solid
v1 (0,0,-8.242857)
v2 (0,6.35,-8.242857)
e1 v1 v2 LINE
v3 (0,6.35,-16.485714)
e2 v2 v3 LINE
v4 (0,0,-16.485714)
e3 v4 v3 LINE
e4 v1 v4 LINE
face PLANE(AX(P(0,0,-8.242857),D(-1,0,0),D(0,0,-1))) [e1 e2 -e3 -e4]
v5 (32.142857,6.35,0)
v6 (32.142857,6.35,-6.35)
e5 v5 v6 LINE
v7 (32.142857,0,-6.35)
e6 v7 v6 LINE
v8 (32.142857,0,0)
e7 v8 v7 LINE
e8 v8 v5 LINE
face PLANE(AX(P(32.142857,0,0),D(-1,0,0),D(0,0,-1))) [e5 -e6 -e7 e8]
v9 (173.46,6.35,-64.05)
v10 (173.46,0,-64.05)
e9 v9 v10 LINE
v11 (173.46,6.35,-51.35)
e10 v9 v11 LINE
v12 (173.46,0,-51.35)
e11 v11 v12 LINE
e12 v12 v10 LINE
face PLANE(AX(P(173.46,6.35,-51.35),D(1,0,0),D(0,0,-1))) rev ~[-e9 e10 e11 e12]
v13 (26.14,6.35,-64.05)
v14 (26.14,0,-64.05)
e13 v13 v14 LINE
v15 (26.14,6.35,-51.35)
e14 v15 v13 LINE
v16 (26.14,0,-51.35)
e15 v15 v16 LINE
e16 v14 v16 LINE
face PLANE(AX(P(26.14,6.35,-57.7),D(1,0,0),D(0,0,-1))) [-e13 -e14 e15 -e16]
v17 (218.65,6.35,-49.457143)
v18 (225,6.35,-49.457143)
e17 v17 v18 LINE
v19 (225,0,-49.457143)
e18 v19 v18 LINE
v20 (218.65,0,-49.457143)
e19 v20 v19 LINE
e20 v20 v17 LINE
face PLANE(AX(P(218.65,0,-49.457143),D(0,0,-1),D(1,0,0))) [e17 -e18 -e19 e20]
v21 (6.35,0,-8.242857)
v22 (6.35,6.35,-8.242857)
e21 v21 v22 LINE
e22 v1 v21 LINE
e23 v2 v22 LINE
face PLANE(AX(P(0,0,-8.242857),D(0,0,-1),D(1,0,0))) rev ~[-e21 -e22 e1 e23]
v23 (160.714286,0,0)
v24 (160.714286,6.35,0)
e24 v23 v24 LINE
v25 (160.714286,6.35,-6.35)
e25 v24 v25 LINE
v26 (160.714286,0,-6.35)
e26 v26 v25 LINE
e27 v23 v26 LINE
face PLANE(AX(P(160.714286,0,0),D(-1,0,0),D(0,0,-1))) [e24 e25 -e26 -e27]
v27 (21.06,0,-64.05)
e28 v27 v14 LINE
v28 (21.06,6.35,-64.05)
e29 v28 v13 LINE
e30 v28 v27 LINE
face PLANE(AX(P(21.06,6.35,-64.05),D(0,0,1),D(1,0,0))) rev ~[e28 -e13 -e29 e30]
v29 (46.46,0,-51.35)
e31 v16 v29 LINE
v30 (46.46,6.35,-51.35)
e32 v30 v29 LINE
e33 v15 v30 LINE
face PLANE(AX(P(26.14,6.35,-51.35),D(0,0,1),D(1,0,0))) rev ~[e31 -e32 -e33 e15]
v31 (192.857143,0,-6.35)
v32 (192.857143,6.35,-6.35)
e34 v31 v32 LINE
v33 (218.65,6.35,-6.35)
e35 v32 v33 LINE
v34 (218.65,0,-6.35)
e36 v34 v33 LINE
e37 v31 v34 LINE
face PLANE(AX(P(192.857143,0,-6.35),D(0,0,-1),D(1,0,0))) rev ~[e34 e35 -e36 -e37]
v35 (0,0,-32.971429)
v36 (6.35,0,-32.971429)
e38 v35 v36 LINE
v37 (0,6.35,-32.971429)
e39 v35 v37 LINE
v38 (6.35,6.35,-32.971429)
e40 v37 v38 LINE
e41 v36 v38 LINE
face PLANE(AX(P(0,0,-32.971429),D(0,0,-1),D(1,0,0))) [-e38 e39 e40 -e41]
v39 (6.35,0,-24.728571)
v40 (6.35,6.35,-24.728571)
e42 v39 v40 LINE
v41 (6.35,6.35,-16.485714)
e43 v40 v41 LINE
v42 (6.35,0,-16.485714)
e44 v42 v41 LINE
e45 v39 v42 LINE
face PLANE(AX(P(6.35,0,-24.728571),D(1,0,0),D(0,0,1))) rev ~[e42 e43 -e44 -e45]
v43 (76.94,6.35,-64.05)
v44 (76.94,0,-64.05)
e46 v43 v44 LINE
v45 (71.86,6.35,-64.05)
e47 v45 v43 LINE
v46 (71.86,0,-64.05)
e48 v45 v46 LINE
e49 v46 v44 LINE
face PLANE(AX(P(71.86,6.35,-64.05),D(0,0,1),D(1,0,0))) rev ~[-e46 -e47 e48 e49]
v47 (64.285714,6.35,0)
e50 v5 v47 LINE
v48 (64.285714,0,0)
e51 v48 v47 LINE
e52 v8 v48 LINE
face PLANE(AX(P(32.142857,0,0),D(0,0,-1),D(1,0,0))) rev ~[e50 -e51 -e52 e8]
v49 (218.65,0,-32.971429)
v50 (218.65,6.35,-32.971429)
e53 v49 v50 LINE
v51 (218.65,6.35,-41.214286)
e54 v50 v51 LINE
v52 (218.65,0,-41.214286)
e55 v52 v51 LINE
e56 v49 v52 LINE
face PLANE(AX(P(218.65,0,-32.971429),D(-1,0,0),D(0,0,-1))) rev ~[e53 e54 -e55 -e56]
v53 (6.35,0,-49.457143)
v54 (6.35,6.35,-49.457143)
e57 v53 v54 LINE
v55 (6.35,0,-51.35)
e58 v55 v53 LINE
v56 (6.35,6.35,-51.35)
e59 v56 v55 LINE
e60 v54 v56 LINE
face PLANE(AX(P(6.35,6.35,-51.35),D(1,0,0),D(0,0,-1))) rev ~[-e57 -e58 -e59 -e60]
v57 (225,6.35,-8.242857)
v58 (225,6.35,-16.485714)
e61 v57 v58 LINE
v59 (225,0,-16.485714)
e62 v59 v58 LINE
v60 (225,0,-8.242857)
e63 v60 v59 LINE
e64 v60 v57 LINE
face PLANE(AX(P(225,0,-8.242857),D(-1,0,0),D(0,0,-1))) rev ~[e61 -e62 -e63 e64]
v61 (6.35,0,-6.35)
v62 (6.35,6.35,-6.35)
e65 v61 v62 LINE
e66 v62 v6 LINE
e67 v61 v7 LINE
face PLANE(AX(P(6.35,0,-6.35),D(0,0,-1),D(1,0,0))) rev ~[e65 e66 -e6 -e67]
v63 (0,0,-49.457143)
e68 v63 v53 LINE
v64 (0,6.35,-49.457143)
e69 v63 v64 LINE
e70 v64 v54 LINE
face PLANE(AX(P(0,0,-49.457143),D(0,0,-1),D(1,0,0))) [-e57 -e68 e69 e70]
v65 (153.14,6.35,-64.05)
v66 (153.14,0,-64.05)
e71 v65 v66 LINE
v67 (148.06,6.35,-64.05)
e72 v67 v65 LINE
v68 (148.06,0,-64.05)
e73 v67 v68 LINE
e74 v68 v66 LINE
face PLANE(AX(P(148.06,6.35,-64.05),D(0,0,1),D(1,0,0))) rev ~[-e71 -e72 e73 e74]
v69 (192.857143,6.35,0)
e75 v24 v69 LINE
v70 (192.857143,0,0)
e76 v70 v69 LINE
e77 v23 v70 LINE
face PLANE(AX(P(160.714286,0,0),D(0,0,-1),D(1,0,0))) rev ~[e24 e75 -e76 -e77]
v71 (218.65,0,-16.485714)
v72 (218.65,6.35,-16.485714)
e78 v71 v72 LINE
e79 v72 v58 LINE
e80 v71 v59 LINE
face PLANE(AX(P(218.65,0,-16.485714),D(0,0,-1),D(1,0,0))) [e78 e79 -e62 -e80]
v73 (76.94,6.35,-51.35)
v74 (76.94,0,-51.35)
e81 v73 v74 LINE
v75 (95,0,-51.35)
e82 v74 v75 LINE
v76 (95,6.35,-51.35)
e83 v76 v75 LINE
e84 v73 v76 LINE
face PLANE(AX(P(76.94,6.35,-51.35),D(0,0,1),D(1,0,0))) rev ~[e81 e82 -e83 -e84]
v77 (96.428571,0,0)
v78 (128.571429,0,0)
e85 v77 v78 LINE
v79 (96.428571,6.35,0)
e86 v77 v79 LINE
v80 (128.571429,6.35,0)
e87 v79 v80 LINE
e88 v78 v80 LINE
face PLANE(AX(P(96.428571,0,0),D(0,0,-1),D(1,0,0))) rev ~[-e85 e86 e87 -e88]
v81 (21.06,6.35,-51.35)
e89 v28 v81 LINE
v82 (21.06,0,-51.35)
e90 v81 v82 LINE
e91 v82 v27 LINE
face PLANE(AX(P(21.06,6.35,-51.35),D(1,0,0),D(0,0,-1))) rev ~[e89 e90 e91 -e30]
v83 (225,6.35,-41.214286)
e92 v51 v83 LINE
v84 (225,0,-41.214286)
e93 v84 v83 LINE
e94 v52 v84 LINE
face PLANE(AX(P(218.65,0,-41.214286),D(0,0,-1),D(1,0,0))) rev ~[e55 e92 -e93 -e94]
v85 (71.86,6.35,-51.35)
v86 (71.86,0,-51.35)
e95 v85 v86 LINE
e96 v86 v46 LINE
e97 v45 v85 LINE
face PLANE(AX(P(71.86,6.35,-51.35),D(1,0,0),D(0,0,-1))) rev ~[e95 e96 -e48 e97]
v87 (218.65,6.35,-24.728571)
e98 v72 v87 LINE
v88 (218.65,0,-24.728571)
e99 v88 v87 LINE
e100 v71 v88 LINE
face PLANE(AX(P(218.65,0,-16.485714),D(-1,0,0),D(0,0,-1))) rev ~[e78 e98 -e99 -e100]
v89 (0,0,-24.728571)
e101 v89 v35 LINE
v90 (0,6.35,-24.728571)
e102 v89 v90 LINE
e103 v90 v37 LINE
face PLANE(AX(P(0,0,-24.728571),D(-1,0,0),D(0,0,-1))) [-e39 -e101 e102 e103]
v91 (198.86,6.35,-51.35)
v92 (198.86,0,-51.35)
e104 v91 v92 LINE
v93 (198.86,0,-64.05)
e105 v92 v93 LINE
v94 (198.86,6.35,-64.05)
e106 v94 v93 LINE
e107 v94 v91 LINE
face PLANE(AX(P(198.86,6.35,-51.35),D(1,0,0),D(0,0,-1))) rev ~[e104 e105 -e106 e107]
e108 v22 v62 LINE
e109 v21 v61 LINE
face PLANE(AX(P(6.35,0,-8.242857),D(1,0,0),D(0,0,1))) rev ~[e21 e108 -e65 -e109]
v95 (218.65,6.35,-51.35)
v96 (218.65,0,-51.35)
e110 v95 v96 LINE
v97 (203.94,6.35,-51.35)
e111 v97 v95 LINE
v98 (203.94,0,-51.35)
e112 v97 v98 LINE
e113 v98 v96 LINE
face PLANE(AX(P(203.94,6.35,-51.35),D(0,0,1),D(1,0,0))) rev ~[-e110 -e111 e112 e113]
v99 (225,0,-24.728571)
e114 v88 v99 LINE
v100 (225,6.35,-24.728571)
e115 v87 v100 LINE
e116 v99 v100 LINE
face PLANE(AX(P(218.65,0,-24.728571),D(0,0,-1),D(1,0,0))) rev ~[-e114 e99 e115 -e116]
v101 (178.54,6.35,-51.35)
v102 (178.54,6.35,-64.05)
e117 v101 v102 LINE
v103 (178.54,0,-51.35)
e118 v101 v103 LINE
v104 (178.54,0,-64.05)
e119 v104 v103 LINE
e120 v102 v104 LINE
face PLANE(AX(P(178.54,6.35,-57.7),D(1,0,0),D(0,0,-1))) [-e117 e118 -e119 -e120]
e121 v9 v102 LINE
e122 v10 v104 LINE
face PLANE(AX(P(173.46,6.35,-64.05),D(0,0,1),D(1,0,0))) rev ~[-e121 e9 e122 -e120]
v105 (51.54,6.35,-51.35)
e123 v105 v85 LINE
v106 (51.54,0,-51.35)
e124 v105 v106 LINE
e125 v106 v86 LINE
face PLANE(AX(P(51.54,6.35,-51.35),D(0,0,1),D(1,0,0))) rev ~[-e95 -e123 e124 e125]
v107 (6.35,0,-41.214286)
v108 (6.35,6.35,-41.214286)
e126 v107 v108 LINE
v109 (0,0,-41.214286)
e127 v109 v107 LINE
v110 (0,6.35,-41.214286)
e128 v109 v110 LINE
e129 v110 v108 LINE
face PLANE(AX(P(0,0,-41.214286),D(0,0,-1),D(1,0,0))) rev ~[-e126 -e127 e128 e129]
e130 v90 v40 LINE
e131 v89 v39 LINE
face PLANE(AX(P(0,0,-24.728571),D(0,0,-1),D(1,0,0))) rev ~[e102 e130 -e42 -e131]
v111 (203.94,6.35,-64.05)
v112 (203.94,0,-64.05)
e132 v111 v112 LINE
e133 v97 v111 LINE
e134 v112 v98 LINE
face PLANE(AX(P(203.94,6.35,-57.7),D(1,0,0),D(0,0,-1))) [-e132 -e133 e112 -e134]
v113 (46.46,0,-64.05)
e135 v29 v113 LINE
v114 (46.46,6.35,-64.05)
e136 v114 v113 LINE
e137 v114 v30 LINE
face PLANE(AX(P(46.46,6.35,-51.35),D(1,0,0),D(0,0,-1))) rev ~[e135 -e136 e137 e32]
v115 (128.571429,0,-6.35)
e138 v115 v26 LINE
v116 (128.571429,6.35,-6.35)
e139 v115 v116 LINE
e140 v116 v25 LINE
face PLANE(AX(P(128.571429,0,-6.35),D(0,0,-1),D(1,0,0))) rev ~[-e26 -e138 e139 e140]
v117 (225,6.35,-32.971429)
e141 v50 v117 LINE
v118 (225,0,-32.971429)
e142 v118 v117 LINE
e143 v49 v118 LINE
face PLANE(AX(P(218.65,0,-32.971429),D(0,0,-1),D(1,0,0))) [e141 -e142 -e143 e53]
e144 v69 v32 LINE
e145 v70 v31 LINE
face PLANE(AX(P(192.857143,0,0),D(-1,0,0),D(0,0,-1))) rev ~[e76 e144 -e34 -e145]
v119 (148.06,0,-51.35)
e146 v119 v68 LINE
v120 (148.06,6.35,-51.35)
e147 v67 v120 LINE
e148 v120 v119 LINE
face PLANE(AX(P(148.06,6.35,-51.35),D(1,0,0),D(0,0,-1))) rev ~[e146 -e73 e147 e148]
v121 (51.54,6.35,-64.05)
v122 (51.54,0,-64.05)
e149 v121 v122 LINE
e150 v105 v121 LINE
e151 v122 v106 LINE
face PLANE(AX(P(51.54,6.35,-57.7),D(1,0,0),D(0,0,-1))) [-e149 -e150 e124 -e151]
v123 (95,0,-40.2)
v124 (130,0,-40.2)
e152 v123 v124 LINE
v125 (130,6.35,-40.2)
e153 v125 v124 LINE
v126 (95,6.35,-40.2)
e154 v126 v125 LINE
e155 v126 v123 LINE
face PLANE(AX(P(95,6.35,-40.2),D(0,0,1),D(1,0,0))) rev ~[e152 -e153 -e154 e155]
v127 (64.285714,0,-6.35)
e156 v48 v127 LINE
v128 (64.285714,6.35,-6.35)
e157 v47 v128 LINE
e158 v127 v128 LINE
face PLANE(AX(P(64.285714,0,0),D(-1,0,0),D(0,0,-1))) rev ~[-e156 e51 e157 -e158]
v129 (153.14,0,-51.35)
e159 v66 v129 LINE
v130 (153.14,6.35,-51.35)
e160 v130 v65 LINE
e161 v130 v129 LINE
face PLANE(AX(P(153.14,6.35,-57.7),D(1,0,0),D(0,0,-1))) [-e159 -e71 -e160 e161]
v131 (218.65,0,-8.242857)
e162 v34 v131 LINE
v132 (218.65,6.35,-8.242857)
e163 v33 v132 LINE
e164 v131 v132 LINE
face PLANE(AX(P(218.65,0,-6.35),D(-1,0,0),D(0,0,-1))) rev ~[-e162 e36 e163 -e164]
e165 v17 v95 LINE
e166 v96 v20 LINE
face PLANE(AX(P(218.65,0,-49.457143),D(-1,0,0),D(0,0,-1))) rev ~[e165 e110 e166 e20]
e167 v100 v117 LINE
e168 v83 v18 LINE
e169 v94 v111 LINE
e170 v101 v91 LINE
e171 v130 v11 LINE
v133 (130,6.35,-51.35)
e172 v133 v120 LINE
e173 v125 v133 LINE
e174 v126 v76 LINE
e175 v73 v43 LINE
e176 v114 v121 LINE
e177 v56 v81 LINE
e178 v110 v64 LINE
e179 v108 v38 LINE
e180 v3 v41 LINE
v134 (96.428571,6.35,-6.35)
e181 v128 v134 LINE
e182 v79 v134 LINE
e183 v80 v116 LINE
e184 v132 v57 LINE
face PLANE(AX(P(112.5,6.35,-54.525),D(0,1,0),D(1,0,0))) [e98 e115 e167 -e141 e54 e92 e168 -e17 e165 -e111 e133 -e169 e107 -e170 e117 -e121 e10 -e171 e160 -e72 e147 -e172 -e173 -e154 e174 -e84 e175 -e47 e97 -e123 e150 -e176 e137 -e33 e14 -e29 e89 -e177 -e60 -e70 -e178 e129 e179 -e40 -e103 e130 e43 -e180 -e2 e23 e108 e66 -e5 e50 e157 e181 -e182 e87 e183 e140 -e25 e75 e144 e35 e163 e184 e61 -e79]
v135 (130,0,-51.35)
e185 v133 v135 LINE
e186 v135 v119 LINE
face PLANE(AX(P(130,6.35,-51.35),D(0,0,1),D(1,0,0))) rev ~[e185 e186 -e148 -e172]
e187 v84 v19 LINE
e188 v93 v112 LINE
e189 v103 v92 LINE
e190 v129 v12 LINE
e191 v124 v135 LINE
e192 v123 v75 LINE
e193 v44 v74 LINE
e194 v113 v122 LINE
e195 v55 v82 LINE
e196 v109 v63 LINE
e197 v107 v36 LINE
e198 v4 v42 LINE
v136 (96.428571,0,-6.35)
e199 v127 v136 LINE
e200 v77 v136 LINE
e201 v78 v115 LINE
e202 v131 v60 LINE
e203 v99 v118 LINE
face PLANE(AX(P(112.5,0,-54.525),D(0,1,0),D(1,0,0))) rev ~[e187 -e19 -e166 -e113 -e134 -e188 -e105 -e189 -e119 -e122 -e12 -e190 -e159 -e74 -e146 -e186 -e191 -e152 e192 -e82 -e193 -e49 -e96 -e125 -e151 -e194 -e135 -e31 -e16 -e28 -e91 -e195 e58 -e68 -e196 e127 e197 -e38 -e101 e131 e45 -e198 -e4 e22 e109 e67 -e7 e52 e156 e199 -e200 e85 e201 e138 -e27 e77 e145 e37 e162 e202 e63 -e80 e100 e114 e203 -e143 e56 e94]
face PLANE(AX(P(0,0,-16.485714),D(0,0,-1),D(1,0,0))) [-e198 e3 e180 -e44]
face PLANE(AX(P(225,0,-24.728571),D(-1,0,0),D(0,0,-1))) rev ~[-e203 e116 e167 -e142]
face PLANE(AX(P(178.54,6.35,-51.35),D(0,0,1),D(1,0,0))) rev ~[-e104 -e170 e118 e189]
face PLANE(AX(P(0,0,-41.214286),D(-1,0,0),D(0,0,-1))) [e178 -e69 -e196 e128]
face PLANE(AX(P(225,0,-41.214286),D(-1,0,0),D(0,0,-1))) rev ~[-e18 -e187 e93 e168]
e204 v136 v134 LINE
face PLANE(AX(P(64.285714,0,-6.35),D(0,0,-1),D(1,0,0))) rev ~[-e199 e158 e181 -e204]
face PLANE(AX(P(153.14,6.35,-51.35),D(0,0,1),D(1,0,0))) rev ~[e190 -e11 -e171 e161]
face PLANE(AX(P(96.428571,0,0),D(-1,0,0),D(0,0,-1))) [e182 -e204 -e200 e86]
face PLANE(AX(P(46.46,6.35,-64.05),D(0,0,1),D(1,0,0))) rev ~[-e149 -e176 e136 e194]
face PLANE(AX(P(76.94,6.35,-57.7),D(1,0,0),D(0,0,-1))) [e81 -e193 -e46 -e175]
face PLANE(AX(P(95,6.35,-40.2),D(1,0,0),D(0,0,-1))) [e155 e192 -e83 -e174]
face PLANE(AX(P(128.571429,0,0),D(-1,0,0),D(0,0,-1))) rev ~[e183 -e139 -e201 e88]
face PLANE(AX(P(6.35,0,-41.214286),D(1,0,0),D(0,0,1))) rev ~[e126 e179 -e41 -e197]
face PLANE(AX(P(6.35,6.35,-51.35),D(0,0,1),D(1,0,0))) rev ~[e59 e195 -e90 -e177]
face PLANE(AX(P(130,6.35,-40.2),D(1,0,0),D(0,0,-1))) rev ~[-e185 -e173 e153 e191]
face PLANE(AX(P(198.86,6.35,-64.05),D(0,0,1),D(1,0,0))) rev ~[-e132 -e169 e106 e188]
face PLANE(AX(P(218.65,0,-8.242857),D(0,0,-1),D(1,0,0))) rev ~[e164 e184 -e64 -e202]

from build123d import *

# Parameters (mm, degrees)
SKETCH1_W           = 32.142857142
SKETCH1_H           = 6.35
SKETCH1_W_2         = 32.142857143
SKETCH1_W_3         = 6.35
SKETCH1_H_2         = 8.242857143
SKETCH1_H_3         = 8.242857142
BOSS_EXTRUDE1_DEPTH = 6.35
SKETCH2_W           = 212.3
SKETCH2_H           = 6.35
SKETCH2_W_2         = 5.08
BOSS_EXTRUDE2_DEPTH = 6.35
SKETCH3_W           = 35
SKETCH3_H           = 23.85
CUT_EXTRUDE1_DEPTH  = 235.025052078
SKETCH4_W           = 14.71
SKETCH4_H           = 6.35
SKETCH4_W_2         = 20.32
CUT_EXTRUDE2_DEPTH  = 6.35
SKETCH5_W           = 20.32
SKETCH5_H           = 6.35
SKETCH5_W_2         = 18.06
CUT_EXTRUDE3_DEPTH  = 235.025052078


with BuildPart() as part:
    # Sketch1 → Boss-Extrude1 (new body)
    with BuildSketch(Plane(origin=(0, 0, 0), x_dir=(1, 0, 0), z_dir=(0, 1, 0))):
        Polygon((6.35, 6.35), (32.142857143, 6.35), (64.285714286, 6.35), (96.428571429, 6.35), (128.571428571, 6.35), (160.714285714, 6.35), (192.857142857, 6.35), (218.65, 6.35), (218.65, 8.242857143), (218.65, 16.485714286), (218.65, 24.728571429), (218.65, 32.971428571), (218.65, 41.214285714), (218.65, 49.457142857), (218.65, 51.35), (192.857142857, 51.35), (160.714285714, 51.35), (128.571428571, 51.35), (96.428571429, 51.35), (64.285714286, 51.35), (32.142857143, 51.35), (6.35, 51.35), (6.35, 49.457142857), (6.35, 41.214285714), (6.35, 32.971428571), (6.35, 24.728571429), (6.35, 16.485714286), (6.35, 8.242857143), align=None)
        with Locations((112.5, 54.525)):
            Rectangle(SKETCH1_W, SKETCH1_H)
        with Locations((112.5, 3.175)):
            Rectangle(SKETCH1_W, SKETCH1_H)
        with Locations((176.785714286, 3.175)):
            Rectangle(SKETCH1_W_2, SKETCH1_H)
        with Locations((176.785714286, 54.525)):
            Rectangle(SKETCH1_W_2, SKETCH1_H)
        with Locations((48.214285715, 54.525)):
            Rectangle(SKETCH1_W_2, SKETCH1_H)
        with Locations((48.214285715, 3.175)):
            Rectangle(SKETCH1_W_2, SKETCH1_H)
        with Locations((3.175, 12.364285714)):
            Rectangle(SKETCH1_W_3, SKETCH1_H_2)
        with Locations((3.175, 28.85)):
            Rectangle(SKETCH1_W_3, SKETCH1_H_3)
        with Locations((3.175, 45.335714286)):
            Rectangle(SKETCH1_W_3, SKETCH1_H_2)
        with Locations((221.825, 12.364285714)):
            Rectangle(SKETCH1_W_3, SKETCH1_H_2)
        with Locations((221.825, 28.85)):
            Rectangle(SKETCH1_W_3, SKETCH1_H_3)
        with Locations((221.825, 45.335714286)):
            Rectangle(SKETCH1_W_3, SKETCH1_H_2)
    extrude(amount=BOSS_EXTRUDE1_DEPTH)

    # Sketch2 → Boss-Extrude2 (add)
    with BuildSketch(Plane(origin=(0, 6.35, 0), x_dir=(1, 0, 0), z_dir=(0, 1, 0))):
        with Locations((112.5, 54.525)):
            Rectangle(SKETCH2_W, SKETCH2_H)
        with Locations((23.6, 60.875)):
            Rectangle(SKETCH2_W_2, SKETCH2_H)
        with Locations((49, 60.875)):
            Rectangle(SKETCH2_W_2, SKETCH2_H)
        with Locations((74.4, 60.875)):
            Rectangle(SKETCH2_W_2, SKETCH2_H)
        with Locations((99.8, 60.875)):
            Rectangle(SKETCH2_W_2, SKETCH2_H)
        with Locations((201.4, 60.875)):
            Rectangle(SKETCH2_W_2, SKETCH2_H)
        with Locations((176, 60.875)):
            Rectangle(SKETCH2_W_2, SKETCH2_H)
        with Locations((125.2, 60.875)):
            Rectangle(SKETCH2_W_2, SKETCH2_H)
        with Locations((150.6, 60.875)):
            Rectangle(SKETCH2_W_2, SKETCH2_H)
    extrude(amount=-BOSS_EXTRUDE2_DEPTH)

    # Sketch3 → Cut-Extrude1 (cut, through all)
    with BuildSketch(Plane(origin=(0, 6.35, 0), x_dir=(1, 0, 0), z_dir=(0, 1, 0))):
        with Locations((112.5, 52.125)):
            Rectangle(SKETCH3_W, SKETCH3_H)
    extrude(amount=-CUT_EXTRUDE1_DEPTH, mode=Mode.SUBTRACT)

    # Sketch4 → Cut-Extrude2 (cut)
    with BuildSketch(Plane(origin=(0, 6.35, 0), x_dir=(1, 0, 0), z_dir=(0, 1, 0))):
        with Locations((13.705, 54.525)):
            Rectangle(SKETCH4_W, SKETCH4_H)
        with Locations((36.3, 54.525)):
            Rectangle(SKETCH4_W_2, SKETCH4_H)
        with Locations((211.295, 54.525)):
            Rectangle(SKETCH4_W, SKETCH4_H)
        with Locations((188.7, 54.525)):
            Rectangle(SKETCH4_W_2, SKETCH4_H)
    extrude(amount=-CUT_EXTRUDE2_DEPTH, mode=Mode.SUBTRACT)

    # Sketch5 → Cut-Extrude3 (cut, through all)
    with BuildSketch(Plane(origin=(0, 6.35, 0), x_dir=(1, 0, 0), z_dir=(0, 1, 0))):
        with Locations((61.7, 54.525)):
            Rectangle(SKETCH5_W, SKETCH5_H)
        with Locations((85.97, 54.525)):
            Rectangle(SKETCH5_W_2, SKETCH5_H)
        with Locations((139.03, 54.525)):
            Rectangle(SKETCH5_W_2, SKETCH5_H)
        with Locations((163.3, 54.525)):
            Rectangle(SKETCH5_W, SKETCH5_H)
    extrude(amount=-CUT_EXTRUDE3_DEPTH, mode=Mode.SUBTRACT)


solid = part.part
